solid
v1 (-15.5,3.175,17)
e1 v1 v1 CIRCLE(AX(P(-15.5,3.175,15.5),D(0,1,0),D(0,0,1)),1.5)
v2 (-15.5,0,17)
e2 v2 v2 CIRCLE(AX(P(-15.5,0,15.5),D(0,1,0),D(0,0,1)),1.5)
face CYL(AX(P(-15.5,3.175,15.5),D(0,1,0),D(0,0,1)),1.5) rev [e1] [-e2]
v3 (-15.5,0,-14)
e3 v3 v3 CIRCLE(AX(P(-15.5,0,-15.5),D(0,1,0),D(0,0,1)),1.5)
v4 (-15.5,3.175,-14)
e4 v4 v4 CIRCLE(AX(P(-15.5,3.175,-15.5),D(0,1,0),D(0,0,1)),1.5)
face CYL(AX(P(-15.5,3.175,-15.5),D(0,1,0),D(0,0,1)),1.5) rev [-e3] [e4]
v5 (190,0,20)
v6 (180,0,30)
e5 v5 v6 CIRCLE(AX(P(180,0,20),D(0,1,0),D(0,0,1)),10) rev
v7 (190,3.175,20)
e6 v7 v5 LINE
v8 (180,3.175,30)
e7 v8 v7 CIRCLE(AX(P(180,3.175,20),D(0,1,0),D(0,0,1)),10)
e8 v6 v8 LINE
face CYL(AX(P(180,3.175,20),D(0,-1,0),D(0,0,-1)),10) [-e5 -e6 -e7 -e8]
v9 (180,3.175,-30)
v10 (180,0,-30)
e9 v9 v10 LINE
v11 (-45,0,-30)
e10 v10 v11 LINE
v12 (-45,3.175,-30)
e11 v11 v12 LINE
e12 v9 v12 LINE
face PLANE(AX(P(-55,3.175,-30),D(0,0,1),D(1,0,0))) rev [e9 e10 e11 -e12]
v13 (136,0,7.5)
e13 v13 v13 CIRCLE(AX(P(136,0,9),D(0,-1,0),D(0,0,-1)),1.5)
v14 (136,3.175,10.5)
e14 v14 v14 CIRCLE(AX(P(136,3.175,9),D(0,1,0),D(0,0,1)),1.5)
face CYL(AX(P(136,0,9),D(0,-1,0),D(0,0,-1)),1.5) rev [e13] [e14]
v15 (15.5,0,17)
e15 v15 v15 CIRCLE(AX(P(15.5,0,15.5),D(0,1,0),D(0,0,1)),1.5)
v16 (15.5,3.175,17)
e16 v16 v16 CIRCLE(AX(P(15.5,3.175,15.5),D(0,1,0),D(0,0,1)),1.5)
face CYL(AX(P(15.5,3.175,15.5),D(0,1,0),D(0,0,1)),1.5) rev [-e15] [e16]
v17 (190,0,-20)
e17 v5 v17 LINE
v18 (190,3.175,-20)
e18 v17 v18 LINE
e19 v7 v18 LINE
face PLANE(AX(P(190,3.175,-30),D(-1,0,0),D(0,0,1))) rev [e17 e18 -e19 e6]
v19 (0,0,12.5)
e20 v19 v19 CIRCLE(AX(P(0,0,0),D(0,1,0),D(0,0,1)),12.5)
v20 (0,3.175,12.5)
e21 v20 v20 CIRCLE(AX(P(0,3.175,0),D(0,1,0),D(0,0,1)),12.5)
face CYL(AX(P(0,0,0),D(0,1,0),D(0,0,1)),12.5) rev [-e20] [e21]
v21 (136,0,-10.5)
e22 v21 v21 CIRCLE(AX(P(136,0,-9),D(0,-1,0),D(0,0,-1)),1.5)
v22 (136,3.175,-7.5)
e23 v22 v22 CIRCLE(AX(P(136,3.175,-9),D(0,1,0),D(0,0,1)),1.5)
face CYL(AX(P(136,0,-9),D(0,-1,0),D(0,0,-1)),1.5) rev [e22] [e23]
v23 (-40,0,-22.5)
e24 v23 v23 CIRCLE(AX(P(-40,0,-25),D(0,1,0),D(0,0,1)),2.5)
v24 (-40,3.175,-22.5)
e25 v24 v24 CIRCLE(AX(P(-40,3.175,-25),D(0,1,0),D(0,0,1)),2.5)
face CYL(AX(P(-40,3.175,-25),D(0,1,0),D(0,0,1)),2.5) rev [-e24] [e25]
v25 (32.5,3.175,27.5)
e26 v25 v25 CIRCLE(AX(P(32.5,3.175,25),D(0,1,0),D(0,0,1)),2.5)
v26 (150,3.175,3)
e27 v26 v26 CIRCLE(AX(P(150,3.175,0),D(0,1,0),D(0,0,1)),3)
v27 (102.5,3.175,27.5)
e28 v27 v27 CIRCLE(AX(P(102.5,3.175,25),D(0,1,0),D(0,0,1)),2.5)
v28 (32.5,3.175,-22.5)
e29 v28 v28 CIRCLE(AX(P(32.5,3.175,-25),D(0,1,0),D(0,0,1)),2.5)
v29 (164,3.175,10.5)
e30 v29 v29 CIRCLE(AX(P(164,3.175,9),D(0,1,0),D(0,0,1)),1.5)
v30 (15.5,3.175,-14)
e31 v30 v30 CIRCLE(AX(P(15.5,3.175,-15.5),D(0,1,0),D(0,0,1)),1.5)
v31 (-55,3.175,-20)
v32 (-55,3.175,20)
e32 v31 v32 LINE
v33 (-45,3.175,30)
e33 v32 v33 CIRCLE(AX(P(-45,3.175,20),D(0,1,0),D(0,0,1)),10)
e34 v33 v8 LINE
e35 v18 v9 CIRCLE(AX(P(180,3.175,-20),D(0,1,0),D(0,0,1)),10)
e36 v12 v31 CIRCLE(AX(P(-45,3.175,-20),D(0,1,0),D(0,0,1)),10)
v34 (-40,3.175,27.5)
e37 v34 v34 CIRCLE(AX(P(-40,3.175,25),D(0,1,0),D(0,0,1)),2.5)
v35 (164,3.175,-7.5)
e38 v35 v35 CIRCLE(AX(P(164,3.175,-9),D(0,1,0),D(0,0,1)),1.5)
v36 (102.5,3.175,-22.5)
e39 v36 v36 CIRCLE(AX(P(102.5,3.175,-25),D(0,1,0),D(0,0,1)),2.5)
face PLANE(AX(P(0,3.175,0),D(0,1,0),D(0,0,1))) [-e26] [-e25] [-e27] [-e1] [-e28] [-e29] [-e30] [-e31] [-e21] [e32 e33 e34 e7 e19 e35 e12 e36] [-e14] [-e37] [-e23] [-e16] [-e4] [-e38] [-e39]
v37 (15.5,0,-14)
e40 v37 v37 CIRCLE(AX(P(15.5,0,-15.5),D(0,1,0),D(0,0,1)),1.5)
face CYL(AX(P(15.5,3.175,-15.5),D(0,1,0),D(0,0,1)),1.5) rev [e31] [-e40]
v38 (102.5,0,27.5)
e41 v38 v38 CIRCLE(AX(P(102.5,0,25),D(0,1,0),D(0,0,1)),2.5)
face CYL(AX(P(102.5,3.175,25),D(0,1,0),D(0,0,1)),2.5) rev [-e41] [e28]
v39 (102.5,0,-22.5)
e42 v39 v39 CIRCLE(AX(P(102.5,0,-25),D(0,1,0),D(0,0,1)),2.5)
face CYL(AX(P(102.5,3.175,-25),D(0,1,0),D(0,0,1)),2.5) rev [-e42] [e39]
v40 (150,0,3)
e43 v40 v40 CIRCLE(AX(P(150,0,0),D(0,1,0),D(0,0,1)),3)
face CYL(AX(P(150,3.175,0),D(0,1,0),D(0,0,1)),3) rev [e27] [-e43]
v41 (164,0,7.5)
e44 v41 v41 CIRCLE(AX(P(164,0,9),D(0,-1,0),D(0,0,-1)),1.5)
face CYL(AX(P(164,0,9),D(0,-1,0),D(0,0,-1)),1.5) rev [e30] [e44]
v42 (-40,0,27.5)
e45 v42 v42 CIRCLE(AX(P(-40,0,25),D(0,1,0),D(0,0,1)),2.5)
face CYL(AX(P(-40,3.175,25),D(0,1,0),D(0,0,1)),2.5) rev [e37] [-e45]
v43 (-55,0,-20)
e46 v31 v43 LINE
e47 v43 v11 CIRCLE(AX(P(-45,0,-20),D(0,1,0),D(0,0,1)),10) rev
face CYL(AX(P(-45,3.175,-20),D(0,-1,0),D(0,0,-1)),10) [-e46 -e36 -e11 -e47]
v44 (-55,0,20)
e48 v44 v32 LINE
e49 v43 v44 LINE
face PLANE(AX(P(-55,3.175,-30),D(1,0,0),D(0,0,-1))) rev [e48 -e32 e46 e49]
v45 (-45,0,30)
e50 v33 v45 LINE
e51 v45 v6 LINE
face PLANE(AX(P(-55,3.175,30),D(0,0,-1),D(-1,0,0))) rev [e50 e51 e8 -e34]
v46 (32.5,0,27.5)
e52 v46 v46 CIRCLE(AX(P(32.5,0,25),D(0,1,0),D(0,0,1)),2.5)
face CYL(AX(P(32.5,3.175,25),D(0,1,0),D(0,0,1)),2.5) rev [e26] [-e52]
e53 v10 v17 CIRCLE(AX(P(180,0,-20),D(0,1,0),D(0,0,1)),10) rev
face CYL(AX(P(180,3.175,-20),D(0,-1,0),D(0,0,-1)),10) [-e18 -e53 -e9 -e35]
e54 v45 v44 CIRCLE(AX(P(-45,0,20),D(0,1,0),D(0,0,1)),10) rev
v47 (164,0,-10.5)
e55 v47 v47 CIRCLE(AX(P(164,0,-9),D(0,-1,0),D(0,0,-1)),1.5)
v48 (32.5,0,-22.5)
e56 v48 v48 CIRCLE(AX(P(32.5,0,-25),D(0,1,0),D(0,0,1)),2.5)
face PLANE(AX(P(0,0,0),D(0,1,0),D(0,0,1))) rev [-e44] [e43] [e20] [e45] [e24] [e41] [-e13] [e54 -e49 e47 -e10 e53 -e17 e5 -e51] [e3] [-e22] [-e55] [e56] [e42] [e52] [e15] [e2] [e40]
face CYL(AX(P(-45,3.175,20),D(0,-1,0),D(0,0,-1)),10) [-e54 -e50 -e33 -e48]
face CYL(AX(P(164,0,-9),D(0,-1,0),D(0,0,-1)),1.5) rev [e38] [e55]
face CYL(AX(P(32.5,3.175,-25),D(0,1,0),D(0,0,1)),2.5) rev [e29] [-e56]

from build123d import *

# Parameters (mm, degrees)
SKETCH1_W             = 245
SKETCH1_H             = 60
BOSS_EXTRUDE1_DEPTH   = 3.175
FILLET1_R             = 10
F_3_0MM_DOWEL_HOLE1_D = 3
SKETCH6_R             = 12.5
CUT_EXTRUDE1_DEPTH    = 193.380042169
F_6_0MM_DOWEL_HOLE1_D = 6
F_3_0MM_DOWEL_HOLE2_D = 3
F_5_0MM_DOWEL_HOLE1_D = 5


with BuildPart() as part:
    # Sketch1 → Boss-Extrude1 (new body)
    with BuildSketch(Plane(origin=(0, 0, 0), x_dir=(1, 0, 0), z_dir=(0, 1, 0))):
        with Locations((67.5, 0)):
            Rectangle(SKETCH1_W, SKETCH1_H)
    extrude(amount=BOSS_EXTRUDE1_DEPTH)

    # Fillet1
    fillet1_edges = [part.edges().sort_by_distance(p)[0] for p in [
        (-55, 1.5875, -30),
        (190, 1.5875, -30),
        (190, 1.5875, 30),
        (-55, 1.5875, 30),
    ]]
    fillet(fillet1_edges, radius=FILLET1_R)

    # Ø3.0mm Dowel Hole1 (through all)
    with Locations(Plane(origin=(0, 3.175, 0), x_dir=(1, 0, 0), z_dir=(0, 1, 0))):
        with Locations((-15.5, 15.5), (15.5, 15.5), (15.5, -15.5), (-15.5, -15.5)):
            Hole(F_3_0MM_DOWEL_HOLE1_D / 2)

    # Sketch6 → Cut-Extrude1 (cut, through all)
    with BuildSketch(Plane(origin=(0, 3.175, 0), x_dir=(1, 0, 0), z_dir=(0, 1, 0))):
        with Locations(Location((0, 0, 0), (0, 0, 270))):
            Circle(SKETCH6_R)
    extrude(amount=-CUT_EXTRUDE1_DEPTH, mode=Mode.SUBTRACT)

    # Ø6.0mm Dowel Hole1 (through all)
    with Locations(Plane(origin=(0, 3.175, 0), x_dir=(1, 0, 0), z_dir=(0, 1, 0))):
        with Locations((150, 0)):
            Hole(F_6_0MM_DOWEL_HOLE1_D / 2)

    # Ø3.0mm Dowel Hole2 (through all)
    with Locations(Plane(origin=(0, 0, 0), x_dir=(-1, 0, 0), z_dir=(0, -1, 0))):
        with Locations((-164, 9), (-136, 9), (-136, -9), (-164, -9)):
            Hole(F_3_0MM_DOWEL_HOLE2_D / 2)

    # Ø5.0mm Dowel Hole1 (through all)
    with Locations(Plane(origin=(0, 3.175, 0), x_dir=(1, 0, 0), z_dir=(0, 1, 0))):
        with Locations((32.5, -25), (102.5, -25), (102.5, 25), (32.5, 25), (-40, -25), (-40, 25)):
            Hole(F_5_0MM_DOWEL_HOLE1_D / 2)


solid = part.part
